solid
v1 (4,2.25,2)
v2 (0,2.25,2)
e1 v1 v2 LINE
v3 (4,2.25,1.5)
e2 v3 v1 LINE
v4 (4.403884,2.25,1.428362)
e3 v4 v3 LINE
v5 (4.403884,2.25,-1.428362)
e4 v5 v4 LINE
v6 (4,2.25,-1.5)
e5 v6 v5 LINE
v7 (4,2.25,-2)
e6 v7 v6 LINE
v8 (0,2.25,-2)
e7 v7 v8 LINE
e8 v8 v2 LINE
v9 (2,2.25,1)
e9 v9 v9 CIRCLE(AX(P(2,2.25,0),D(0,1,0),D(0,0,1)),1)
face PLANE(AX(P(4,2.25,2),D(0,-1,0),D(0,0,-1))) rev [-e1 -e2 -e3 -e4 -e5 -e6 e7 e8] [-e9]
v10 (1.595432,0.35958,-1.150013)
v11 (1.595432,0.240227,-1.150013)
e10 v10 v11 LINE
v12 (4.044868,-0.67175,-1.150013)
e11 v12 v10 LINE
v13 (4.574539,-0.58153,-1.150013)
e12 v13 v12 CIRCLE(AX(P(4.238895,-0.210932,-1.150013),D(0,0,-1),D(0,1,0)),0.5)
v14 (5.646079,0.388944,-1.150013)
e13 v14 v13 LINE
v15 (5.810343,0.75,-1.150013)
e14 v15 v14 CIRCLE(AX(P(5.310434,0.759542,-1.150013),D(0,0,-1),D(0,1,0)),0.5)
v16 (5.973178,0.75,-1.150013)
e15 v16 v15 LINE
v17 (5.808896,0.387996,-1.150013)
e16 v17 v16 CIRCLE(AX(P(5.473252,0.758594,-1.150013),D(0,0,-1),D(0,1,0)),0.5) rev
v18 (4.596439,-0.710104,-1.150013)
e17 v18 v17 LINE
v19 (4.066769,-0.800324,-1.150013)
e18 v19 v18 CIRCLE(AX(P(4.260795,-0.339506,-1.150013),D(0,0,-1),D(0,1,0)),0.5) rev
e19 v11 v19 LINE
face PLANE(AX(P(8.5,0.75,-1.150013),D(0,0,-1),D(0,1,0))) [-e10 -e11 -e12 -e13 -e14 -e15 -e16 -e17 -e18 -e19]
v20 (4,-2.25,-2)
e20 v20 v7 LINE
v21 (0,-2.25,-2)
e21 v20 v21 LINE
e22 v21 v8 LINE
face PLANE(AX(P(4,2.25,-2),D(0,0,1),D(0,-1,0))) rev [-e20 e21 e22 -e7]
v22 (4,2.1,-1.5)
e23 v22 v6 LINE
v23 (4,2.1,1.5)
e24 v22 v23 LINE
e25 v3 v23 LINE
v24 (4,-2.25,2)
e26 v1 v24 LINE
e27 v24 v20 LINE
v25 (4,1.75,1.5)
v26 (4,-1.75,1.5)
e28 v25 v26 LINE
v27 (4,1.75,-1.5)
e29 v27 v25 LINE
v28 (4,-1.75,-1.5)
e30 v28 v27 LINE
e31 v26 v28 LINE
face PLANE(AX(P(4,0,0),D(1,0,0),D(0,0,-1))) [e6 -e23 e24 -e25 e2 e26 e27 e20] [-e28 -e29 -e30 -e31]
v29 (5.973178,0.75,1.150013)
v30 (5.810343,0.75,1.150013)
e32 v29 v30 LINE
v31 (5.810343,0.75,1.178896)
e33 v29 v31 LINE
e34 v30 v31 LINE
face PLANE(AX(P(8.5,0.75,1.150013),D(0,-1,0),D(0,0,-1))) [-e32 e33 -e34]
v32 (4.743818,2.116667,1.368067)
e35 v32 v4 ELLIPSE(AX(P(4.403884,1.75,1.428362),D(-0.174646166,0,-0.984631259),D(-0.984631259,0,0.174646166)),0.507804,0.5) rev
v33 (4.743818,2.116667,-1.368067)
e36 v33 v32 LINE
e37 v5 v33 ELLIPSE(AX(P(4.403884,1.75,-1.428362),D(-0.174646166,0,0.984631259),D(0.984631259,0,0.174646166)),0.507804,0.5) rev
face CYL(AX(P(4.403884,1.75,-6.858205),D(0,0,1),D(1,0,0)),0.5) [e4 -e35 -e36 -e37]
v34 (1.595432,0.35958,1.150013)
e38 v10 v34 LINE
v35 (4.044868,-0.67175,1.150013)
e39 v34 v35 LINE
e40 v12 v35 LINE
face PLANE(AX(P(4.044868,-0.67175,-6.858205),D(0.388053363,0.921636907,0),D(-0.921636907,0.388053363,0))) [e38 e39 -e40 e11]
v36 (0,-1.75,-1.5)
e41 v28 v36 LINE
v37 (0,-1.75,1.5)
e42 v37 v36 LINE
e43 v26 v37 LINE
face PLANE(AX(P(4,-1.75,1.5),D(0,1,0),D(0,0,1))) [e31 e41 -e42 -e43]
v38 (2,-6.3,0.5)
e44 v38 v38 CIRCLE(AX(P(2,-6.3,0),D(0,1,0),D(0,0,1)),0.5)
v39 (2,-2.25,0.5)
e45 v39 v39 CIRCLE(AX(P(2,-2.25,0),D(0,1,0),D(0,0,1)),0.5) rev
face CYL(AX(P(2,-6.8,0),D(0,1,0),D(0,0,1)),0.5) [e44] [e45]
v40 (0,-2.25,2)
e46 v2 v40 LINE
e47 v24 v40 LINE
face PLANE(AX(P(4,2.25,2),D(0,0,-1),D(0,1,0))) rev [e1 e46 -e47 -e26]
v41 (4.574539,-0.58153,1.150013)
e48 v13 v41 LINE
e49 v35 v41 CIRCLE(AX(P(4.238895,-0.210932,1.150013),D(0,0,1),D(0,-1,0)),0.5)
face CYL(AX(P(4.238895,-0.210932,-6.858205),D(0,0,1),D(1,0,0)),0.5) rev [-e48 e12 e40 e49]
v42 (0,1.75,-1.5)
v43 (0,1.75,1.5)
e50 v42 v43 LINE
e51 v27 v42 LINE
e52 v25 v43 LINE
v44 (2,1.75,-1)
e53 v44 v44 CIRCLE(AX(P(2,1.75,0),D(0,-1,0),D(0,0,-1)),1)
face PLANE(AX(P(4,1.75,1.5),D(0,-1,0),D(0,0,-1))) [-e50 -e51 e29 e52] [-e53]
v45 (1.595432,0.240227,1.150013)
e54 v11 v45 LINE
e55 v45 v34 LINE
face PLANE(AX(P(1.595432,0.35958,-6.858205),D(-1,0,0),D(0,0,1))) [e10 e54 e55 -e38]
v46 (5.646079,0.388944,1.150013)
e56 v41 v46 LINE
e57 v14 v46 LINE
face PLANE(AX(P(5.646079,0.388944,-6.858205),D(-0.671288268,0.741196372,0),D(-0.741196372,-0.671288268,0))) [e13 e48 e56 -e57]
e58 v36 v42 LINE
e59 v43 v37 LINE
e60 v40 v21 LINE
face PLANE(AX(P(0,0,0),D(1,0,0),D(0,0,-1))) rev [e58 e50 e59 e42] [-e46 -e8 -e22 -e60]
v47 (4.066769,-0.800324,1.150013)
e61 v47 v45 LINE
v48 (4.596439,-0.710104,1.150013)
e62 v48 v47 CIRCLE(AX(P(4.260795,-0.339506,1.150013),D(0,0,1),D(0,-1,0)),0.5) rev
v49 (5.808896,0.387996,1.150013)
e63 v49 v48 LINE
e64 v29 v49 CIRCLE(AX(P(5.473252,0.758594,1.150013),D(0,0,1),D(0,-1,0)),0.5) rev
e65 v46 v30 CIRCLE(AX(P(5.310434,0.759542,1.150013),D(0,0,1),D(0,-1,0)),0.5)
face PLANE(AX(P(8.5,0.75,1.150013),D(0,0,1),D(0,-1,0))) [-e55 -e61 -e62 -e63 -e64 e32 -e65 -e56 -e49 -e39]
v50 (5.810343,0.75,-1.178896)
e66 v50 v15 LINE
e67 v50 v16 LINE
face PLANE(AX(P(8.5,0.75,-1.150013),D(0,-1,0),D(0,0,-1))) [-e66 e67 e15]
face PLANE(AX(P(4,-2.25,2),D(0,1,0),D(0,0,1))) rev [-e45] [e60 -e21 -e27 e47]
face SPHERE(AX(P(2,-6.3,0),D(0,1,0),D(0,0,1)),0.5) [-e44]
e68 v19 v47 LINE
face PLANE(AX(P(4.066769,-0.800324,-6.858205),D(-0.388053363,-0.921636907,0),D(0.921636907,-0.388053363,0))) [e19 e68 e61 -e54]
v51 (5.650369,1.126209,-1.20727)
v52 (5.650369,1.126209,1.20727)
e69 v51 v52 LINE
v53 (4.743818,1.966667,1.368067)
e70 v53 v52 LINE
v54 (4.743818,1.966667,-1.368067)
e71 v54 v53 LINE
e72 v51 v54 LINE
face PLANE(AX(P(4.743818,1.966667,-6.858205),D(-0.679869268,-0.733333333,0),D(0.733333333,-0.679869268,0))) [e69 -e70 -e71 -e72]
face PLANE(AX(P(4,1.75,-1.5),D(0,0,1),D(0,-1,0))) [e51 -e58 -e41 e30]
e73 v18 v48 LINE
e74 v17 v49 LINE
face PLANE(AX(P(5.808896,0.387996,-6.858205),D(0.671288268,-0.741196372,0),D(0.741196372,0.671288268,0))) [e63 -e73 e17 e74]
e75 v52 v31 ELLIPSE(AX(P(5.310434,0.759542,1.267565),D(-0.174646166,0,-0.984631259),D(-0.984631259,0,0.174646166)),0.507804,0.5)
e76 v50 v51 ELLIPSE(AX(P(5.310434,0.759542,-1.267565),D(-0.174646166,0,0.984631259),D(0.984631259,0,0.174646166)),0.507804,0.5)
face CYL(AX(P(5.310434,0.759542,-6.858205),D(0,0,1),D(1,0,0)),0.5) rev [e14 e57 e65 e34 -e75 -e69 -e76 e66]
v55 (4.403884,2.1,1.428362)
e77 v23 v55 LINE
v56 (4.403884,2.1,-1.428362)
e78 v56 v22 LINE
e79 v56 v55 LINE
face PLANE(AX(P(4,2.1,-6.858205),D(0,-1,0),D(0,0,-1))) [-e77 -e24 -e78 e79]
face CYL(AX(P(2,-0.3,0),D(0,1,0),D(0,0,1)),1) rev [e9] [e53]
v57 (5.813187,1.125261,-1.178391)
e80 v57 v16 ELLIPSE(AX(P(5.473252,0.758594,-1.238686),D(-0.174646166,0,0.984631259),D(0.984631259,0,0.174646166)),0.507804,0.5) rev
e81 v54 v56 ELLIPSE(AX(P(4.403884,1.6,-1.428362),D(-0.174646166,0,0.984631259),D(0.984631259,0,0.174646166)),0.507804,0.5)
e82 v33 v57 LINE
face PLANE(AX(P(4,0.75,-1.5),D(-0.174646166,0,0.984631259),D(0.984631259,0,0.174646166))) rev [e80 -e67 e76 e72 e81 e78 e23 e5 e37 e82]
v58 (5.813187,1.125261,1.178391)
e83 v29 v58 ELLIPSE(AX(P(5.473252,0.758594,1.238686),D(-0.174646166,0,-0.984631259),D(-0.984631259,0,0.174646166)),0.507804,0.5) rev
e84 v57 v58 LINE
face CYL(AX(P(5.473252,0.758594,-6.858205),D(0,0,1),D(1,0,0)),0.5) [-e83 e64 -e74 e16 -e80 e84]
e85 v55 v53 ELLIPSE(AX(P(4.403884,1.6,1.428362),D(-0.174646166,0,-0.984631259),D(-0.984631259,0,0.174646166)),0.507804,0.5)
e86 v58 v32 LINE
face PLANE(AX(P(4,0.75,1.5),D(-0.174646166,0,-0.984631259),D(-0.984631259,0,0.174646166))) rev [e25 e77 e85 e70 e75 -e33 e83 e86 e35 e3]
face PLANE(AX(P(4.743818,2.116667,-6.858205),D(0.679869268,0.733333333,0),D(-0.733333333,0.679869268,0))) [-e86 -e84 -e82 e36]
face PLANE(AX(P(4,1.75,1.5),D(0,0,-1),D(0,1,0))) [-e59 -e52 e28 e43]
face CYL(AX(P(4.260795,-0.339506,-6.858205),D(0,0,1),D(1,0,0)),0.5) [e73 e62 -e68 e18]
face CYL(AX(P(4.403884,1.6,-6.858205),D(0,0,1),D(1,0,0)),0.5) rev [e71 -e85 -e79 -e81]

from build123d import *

# Parameters (mm, degrees)
SKETCH1_W               = 4
SKETCH1_H               = 4.5
SKETCH1_W_2             = 3
SKETCH1_H_2             = 3.5
BOSS_EXTRUDE1_DEPTH     = 4
SKETCH2_R               = 0.5
BOSS_EXTRUDE2_DEPTH     = 4.55
FILLET1_R               = 0.5
SKETCH3_R               = 1
CUT_EXTRUDE1_DEPTH      = 2.55
BOSS_EXTRUDE3_START     = -0.5
BOSS_EXTRUDE3_DEPTH     = 3
CUT_EXTRUDE2_DEPTH      = 1.5
SKETCH7_W               = 0.349986897
SKETCH7_H               = 2
CUT_EXTRUDE3_DEPTH      = 4.5
CUT_EXTRUDE3_DEPTH_BACK = 7.5


with BuildPart() as part:
    # Sketch1 → Boss-Extrude1 (new body)
    with BuildSketch(Plane(origin=(0, 0, 0), x_dir=(0, 0, -1), z_dir=(1, 0, 0))):
        Rectangle(SKETCH1_W, SKETCH1_H)
        Rectangle(SKETCH1_W_2, SKETCH1_H_2, mode=Mode.SUBTRACT)
    extrude(amount=BOSS_EXTRUDE1_DEPTH)

    # Sketch2 → Boss-Extrude2 (add)
    with BuildSketch(Plane.XZ.offset(2.25)):
        with Locations((2, 0)):
            Circle(SKETCH2_R)
    extrude(amount=BOSS_EXTRUDE2_DEPTH)

    # Fillet1
    fillet1_edges = [part.edges().sort_by_distance(p)[0] for p in [
        (1.5, -6.8, 0),
    ]]
    fillet(fillet1_edges, radius=FILLET1_R)

    # Sketch3 → Cut-Extrude1 (cut)
    with BuildSketch(Plane(origin=(0, 2.25, 0), x_dir=(1, 0, 0), z_dir=(0, 1, 0))):
        with Locations((2, 0)):
            Circle(SKETCH3_R)
    extrude(amount=-CUT_EXTRUDE1_DEPTH, mode=Mode.SUBTRACT)

    # Sketch5 → Boss-Extrude3 (add)
    with BuildSketch(Plane.XY.offset(2).offset(BOSS_EXTRUDE3_START)):
        with BuildLine():
            Line((4, 2.25), (4.403883865, 2.25))
            ThreePointArc((4.403883865, 2.25), (4.586458051, 2.215474668), (4.743818499, 2.116666667))
            Line((4.743818499, 2.116666667), (5.813186883, 1.125261165))
            ThreePointArc((5.813186883, 1.125261165), (5.973243782, 0.755684806), (5.808896382, 0.387996313))
            Line((5.808896382, 0.387996313), (4.596439486, -0.710104164))
            ThreePointArc((4.596439486, -0.710104164), (4.344752484, -0.832406779), (4.066768671, -0.800324431))
            Line((4.066768671, -0.800324431), (1.595431684, 0.240227029))
            Line((1.595431684, 0.240227029), (1.595431684, 0.359579889))
            Line((1.595431684, 0.359579889), (4.04486832, -0.671750473))
            ThreePointArc((4.04486832, -0.671750473), (4.322852132, -0.703832821), (4.574539135, -0.581530206))
            Line((4.574539135, -0.581530206), (5.646078544, 0.388943829))
            ThreePointArc((5.646078544, 0.388943829), (5.810425944, 0.756632322), (5.650369044, 1.126208681))
            Line((5.650369044, 1.126208681), (4.743818499, 1.966666667))
            ThreePointArc((4.743818499, 1.966666667), (4.586458051, 2.065474668), (4.403883865, 2.1))
            Line((4.403883865, 2.1), (4, 2.1))
            Line((4, 2.1), (4, 2.25))
        make_face()
    extrude(amount=-BOSS_EXTRUDE3_DEPTH)

    # Sketch6 → Cut-Extrude2 (cut)
    with BuildSketch(Plane(origin=(0, 2.25, 0), x_dir=(1, 0, 0), z_dir=(0, 1, 0))):
        Polygon((4, 1.5), (5.973252249, 1.15), (5.973252249, 1.5), align=None)
        Polygon((4, -1.5), (5.973252249, -1.15), (5.973252249, -1.5), align=None)
    extrude(amount=-CUT_EXTRUDE2_DEPTH, mode=Mode.SUBTRACT)

    # Sketch7 → Cut-Extrude3 (cut, two sides)
    with BuildSketch(Plane(origin=(4, 0, 0), x_dir=(0, 0, -1), z_dir=(1, 0, 0))) as cut_extrude3_sk:
        with Locations((-1.325006552, -0.25)):
            Rectangle(SKETCH7_W, SKETCH7_H)
        with Locations((1.325006552, -0.25)):
            Rectangle(SKETCH7_W, SKETCH7_H)
    extrude(amount=CUT_EXTRUDE3_DEPTH, mode=Mode.SUBTRACT)
    extrude(cut_extrude3_sk.sketch, amount=-CUT_EXTRUDE3_DEPTH_BACK, mode=Mode.SUBTRACT)


solid = part.part
